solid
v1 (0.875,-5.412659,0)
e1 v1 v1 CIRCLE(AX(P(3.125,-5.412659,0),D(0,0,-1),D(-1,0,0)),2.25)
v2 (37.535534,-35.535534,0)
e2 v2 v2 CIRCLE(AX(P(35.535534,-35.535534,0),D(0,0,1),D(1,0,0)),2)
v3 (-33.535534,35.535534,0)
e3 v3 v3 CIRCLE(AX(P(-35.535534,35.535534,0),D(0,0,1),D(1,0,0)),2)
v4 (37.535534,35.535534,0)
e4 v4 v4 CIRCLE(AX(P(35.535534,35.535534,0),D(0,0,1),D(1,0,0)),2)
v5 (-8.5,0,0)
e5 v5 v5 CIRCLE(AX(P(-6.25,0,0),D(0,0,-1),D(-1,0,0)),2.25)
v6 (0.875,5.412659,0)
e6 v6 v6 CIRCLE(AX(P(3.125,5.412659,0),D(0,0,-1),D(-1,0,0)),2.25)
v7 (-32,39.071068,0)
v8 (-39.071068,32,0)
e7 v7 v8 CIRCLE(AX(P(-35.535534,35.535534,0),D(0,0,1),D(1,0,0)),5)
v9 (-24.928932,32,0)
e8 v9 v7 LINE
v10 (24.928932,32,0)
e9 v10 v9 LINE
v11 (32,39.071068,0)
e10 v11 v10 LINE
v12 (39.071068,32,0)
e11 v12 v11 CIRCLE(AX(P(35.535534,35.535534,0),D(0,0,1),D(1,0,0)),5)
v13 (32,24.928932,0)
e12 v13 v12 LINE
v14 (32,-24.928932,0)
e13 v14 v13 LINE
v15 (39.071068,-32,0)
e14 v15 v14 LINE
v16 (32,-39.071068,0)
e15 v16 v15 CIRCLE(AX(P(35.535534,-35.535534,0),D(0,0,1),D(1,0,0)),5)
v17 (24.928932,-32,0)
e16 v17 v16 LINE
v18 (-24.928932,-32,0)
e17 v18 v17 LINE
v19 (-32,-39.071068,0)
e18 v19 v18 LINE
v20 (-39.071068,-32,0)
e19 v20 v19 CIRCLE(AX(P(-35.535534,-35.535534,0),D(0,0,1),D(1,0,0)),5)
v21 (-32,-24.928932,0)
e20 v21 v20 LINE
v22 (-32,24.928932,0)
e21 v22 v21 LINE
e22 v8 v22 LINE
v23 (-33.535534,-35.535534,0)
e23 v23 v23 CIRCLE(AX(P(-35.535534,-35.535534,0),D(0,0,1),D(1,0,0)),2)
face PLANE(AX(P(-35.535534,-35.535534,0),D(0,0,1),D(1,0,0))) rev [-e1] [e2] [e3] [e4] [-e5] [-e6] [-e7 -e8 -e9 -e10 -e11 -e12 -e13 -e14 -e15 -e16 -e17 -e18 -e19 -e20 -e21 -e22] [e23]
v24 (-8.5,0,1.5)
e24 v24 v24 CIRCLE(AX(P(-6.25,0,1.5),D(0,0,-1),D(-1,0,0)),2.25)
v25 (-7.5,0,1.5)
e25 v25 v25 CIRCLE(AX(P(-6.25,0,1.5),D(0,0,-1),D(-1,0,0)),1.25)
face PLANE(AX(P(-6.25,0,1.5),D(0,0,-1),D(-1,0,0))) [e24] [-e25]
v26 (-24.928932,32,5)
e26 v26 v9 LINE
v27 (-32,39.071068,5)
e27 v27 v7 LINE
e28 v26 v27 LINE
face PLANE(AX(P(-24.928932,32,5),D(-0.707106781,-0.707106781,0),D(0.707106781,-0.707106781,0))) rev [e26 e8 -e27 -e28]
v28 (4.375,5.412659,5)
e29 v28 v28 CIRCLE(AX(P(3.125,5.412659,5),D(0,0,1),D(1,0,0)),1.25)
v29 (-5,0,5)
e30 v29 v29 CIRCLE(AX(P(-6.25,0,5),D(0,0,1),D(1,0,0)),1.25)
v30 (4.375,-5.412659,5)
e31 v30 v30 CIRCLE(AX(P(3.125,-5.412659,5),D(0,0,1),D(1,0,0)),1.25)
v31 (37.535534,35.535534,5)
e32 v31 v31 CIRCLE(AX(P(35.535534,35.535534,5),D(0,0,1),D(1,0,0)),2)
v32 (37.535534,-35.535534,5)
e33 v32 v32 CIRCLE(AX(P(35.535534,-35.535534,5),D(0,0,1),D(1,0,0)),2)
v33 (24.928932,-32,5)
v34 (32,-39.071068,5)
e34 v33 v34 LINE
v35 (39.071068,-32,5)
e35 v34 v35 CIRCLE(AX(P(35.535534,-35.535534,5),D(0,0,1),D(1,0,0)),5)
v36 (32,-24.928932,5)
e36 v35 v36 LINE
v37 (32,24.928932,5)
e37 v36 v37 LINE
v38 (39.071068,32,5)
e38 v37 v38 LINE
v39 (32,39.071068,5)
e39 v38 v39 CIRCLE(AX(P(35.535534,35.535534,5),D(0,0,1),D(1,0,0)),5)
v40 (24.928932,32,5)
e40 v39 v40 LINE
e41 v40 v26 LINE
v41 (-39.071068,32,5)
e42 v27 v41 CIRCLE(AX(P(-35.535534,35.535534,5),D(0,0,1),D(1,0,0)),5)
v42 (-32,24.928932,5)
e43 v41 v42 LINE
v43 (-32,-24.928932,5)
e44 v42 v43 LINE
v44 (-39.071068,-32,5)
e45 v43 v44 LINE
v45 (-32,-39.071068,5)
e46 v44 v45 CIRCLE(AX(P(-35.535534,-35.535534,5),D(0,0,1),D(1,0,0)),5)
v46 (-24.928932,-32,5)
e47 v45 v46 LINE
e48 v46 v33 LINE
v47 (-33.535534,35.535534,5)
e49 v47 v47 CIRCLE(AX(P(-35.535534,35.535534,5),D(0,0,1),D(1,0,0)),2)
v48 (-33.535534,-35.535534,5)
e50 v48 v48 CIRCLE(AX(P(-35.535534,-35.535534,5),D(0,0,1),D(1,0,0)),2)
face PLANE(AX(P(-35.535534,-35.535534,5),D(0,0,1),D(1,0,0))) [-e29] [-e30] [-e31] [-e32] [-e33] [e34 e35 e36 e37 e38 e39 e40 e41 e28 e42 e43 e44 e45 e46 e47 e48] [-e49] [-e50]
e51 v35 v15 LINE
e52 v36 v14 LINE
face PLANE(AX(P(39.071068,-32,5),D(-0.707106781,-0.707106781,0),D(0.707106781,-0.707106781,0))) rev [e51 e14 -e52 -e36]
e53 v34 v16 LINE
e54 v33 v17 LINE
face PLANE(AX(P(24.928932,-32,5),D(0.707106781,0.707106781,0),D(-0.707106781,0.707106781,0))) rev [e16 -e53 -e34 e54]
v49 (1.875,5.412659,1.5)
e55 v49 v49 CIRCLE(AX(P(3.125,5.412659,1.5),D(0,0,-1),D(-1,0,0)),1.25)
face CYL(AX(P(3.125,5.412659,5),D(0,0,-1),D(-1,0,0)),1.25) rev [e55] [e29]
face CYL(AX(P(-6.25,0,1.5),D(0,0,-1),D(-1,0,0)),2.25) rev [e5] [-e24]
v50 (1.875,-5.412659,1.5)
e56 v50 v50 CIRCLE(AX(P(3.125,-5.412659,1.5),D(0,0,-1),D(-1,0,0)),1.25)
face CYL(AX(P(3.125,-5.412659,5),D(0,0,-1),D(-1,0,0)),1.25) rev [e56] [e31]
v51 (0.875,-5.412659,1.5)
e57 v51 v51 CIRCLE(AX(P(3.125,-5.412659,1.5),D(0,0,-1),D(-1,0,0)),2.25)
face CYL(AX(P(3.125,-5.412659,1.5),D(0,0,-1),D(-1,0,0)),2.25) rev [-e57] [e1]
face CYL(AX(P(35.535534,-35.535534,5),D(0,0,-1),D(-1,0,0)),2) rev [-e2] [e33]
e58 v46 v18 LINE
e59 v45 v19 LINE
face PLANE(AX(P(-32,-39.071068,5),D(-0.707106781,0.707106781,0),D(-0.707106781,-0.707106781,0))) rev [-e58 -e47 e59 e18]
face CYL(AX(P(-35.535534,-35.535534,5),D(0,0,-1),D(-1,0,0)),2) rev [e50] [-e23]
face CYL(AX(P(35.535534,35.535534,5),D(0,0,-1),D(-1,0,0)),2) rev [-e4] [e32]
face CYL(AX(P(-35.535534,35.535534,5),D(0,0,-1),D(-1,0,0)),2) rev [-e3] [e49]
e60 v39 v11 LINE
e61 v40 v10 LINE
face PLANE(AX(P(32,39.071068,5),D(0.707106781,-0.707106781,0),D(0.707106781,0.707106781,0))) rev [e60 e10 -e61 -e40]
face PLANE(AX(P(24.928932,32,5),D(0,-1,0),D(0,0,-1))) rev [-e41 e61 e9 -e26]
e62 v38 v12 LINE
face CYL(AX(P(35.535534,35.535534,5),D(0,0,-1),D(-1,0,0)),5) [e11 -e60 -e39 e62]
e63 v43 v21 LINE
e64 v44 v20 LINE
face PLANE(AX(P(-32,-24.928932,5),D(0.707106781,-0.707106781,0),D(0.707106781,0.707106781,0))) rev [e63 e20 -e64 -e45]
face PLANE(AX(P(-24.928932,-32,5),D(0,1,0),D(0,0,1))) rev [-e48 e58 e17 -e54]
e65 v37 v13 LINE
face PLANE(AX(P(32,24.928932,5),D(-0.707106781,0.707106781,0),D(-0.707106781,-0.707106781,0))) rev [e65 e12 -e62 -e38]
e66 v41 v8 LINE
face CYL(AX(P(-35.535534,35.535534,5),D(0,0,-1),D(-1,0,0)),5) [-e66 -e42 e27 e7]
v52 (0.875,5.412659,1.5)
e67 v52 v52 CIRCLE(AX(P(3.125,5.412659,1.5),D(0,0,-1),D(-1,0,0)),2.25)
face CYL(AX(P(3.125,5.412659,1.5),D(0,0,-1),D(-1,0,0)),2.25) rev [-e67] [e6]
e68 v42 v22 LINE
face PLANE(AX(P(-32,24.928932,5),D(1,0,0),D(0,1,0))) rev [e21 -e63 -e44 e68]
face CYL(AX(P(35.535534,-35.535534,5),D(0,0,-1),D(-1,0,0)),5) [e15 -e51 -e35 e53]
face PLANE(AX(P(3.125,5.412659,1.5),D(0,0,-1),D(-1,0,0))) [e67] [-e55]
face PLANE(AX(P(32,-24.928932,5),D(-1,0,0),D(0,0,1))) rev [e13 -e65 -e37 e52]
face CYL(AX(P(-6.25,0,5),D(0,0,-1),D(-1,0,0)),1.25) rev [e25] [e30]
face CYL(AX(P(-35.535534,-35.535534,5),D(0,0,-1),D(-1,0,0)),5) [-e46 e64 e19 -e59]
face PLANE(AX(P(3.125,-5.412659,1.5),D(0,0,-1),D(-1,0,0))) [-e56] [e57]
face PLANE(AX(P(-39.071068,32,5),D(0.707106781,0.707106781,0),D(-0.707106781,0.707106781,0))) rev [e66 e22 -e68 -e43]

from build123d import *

# Parameters (mm, degrees)
SKETCH1_R           = 1.25
SKETCH1_R_2         = 2
BOSS_EXTRUDE1_DEPTH = 5
SKETCH2_R           = 2.25
CUT_EXTRUDE1_DEPTH  = 1.5


with BuildPart() as part:
    # Sketch1 → Boss-Extrude1 (new body)
    with BuildSketch(Plane.XY):
        with BuildLine():
            Line((-32, -24.928932188), (-39.071067812, -32))
            ThreePointArc((-39.071067812, -32), (-39.071067812, -39.071067812), (-32, -39.071067812))
            Line((-32, -39.071067812), (-24.928932188, -32))
            Line((-24.928932188, -32), (24.928932188, -32))
            Line((24.928932188, -32), (32, -39.071067812))
            ThreePointArc((32, -39.071067812), (39.071067812, -39.071067812), (39.071067812, -32))
            Line((39.071067812, -32), (32, -24.928932188))
            Line((32, -24.928932188), (32, 24.928932188))
            Line((32, 24.928932188), (39.071067812, 32))
            ThreePointArc((39.071067812, 32), (39.071067812, 39.071067812), (32, 39.071067812))
            Line((32, 39.071067812), (24.928932188, 32))
            Line((24.928932188, 32), (-24.928932188, 32))
            Line((-24.928932188, 32), (-32, 39.071067812))
            ThreePointArc((-32, 39.071067812), (-39.071067812, 39.071067812), (-39.071067812, 32))
            Line((-39.071067812, 32), (-32, 24.928932188))
            Line((-32, 24.928932188), (-32, -24.928932188))
        make_face()
        with Locations((3.125, -5.412658774)):
            Circle(SKETCH1_R, mode=Mode.SUBTRACT)
        with Locations((-6.25, 0)):
            Circle(SKETCH1_R, mode=Mode.SUBTRACT)
        with Locations((3.125, 5.412658774)):
            Circle(SKETCH1_R, mode=Mode.SUBTRACT)
        with Locations((-35.535533906, -35.535533906)):
            Circle(SKETCH1_R_2, mode=Mode.SUBTRACT)
        with Locations((35.535533906, -35.535533906)):
            Circle(SKETCH1_R_2, mode=Mode.SUBTRACT)
        with Locations((35.535533906, 35.535533906)):
            Circle(SKETCH1_R_2, mode=Mode.SUBTRACT)
        with Locations((-35.535533906, 35.535533906)):
            Circle(SKETCH1_R_2, mode=Mode.SUBTRACT)
    extrude(amount=BOSS_EXTRUDE1_DEPTH)

    # Sketch2 → Cut-Extrude1 (cut)
    with BuildSketch(Plane(origin=(0, 0, 0), x_dir=(-1, 0, 0), z_dir=(0, 0, -1))):
        with Locations((-3.125, 5.412658774)):
            Circle(SKETCH2_R)
        with Locations((-3.125, -5.412658774)):
            Circle(SKETCH2_R)
        with Locations((6.25, 0)):
            Circle(SKETCH2_R)
    extrude(amount=-CUT_EXTRUDE1_DEPTH, mode=Mode.SUBTRACT)


solid = part.part
